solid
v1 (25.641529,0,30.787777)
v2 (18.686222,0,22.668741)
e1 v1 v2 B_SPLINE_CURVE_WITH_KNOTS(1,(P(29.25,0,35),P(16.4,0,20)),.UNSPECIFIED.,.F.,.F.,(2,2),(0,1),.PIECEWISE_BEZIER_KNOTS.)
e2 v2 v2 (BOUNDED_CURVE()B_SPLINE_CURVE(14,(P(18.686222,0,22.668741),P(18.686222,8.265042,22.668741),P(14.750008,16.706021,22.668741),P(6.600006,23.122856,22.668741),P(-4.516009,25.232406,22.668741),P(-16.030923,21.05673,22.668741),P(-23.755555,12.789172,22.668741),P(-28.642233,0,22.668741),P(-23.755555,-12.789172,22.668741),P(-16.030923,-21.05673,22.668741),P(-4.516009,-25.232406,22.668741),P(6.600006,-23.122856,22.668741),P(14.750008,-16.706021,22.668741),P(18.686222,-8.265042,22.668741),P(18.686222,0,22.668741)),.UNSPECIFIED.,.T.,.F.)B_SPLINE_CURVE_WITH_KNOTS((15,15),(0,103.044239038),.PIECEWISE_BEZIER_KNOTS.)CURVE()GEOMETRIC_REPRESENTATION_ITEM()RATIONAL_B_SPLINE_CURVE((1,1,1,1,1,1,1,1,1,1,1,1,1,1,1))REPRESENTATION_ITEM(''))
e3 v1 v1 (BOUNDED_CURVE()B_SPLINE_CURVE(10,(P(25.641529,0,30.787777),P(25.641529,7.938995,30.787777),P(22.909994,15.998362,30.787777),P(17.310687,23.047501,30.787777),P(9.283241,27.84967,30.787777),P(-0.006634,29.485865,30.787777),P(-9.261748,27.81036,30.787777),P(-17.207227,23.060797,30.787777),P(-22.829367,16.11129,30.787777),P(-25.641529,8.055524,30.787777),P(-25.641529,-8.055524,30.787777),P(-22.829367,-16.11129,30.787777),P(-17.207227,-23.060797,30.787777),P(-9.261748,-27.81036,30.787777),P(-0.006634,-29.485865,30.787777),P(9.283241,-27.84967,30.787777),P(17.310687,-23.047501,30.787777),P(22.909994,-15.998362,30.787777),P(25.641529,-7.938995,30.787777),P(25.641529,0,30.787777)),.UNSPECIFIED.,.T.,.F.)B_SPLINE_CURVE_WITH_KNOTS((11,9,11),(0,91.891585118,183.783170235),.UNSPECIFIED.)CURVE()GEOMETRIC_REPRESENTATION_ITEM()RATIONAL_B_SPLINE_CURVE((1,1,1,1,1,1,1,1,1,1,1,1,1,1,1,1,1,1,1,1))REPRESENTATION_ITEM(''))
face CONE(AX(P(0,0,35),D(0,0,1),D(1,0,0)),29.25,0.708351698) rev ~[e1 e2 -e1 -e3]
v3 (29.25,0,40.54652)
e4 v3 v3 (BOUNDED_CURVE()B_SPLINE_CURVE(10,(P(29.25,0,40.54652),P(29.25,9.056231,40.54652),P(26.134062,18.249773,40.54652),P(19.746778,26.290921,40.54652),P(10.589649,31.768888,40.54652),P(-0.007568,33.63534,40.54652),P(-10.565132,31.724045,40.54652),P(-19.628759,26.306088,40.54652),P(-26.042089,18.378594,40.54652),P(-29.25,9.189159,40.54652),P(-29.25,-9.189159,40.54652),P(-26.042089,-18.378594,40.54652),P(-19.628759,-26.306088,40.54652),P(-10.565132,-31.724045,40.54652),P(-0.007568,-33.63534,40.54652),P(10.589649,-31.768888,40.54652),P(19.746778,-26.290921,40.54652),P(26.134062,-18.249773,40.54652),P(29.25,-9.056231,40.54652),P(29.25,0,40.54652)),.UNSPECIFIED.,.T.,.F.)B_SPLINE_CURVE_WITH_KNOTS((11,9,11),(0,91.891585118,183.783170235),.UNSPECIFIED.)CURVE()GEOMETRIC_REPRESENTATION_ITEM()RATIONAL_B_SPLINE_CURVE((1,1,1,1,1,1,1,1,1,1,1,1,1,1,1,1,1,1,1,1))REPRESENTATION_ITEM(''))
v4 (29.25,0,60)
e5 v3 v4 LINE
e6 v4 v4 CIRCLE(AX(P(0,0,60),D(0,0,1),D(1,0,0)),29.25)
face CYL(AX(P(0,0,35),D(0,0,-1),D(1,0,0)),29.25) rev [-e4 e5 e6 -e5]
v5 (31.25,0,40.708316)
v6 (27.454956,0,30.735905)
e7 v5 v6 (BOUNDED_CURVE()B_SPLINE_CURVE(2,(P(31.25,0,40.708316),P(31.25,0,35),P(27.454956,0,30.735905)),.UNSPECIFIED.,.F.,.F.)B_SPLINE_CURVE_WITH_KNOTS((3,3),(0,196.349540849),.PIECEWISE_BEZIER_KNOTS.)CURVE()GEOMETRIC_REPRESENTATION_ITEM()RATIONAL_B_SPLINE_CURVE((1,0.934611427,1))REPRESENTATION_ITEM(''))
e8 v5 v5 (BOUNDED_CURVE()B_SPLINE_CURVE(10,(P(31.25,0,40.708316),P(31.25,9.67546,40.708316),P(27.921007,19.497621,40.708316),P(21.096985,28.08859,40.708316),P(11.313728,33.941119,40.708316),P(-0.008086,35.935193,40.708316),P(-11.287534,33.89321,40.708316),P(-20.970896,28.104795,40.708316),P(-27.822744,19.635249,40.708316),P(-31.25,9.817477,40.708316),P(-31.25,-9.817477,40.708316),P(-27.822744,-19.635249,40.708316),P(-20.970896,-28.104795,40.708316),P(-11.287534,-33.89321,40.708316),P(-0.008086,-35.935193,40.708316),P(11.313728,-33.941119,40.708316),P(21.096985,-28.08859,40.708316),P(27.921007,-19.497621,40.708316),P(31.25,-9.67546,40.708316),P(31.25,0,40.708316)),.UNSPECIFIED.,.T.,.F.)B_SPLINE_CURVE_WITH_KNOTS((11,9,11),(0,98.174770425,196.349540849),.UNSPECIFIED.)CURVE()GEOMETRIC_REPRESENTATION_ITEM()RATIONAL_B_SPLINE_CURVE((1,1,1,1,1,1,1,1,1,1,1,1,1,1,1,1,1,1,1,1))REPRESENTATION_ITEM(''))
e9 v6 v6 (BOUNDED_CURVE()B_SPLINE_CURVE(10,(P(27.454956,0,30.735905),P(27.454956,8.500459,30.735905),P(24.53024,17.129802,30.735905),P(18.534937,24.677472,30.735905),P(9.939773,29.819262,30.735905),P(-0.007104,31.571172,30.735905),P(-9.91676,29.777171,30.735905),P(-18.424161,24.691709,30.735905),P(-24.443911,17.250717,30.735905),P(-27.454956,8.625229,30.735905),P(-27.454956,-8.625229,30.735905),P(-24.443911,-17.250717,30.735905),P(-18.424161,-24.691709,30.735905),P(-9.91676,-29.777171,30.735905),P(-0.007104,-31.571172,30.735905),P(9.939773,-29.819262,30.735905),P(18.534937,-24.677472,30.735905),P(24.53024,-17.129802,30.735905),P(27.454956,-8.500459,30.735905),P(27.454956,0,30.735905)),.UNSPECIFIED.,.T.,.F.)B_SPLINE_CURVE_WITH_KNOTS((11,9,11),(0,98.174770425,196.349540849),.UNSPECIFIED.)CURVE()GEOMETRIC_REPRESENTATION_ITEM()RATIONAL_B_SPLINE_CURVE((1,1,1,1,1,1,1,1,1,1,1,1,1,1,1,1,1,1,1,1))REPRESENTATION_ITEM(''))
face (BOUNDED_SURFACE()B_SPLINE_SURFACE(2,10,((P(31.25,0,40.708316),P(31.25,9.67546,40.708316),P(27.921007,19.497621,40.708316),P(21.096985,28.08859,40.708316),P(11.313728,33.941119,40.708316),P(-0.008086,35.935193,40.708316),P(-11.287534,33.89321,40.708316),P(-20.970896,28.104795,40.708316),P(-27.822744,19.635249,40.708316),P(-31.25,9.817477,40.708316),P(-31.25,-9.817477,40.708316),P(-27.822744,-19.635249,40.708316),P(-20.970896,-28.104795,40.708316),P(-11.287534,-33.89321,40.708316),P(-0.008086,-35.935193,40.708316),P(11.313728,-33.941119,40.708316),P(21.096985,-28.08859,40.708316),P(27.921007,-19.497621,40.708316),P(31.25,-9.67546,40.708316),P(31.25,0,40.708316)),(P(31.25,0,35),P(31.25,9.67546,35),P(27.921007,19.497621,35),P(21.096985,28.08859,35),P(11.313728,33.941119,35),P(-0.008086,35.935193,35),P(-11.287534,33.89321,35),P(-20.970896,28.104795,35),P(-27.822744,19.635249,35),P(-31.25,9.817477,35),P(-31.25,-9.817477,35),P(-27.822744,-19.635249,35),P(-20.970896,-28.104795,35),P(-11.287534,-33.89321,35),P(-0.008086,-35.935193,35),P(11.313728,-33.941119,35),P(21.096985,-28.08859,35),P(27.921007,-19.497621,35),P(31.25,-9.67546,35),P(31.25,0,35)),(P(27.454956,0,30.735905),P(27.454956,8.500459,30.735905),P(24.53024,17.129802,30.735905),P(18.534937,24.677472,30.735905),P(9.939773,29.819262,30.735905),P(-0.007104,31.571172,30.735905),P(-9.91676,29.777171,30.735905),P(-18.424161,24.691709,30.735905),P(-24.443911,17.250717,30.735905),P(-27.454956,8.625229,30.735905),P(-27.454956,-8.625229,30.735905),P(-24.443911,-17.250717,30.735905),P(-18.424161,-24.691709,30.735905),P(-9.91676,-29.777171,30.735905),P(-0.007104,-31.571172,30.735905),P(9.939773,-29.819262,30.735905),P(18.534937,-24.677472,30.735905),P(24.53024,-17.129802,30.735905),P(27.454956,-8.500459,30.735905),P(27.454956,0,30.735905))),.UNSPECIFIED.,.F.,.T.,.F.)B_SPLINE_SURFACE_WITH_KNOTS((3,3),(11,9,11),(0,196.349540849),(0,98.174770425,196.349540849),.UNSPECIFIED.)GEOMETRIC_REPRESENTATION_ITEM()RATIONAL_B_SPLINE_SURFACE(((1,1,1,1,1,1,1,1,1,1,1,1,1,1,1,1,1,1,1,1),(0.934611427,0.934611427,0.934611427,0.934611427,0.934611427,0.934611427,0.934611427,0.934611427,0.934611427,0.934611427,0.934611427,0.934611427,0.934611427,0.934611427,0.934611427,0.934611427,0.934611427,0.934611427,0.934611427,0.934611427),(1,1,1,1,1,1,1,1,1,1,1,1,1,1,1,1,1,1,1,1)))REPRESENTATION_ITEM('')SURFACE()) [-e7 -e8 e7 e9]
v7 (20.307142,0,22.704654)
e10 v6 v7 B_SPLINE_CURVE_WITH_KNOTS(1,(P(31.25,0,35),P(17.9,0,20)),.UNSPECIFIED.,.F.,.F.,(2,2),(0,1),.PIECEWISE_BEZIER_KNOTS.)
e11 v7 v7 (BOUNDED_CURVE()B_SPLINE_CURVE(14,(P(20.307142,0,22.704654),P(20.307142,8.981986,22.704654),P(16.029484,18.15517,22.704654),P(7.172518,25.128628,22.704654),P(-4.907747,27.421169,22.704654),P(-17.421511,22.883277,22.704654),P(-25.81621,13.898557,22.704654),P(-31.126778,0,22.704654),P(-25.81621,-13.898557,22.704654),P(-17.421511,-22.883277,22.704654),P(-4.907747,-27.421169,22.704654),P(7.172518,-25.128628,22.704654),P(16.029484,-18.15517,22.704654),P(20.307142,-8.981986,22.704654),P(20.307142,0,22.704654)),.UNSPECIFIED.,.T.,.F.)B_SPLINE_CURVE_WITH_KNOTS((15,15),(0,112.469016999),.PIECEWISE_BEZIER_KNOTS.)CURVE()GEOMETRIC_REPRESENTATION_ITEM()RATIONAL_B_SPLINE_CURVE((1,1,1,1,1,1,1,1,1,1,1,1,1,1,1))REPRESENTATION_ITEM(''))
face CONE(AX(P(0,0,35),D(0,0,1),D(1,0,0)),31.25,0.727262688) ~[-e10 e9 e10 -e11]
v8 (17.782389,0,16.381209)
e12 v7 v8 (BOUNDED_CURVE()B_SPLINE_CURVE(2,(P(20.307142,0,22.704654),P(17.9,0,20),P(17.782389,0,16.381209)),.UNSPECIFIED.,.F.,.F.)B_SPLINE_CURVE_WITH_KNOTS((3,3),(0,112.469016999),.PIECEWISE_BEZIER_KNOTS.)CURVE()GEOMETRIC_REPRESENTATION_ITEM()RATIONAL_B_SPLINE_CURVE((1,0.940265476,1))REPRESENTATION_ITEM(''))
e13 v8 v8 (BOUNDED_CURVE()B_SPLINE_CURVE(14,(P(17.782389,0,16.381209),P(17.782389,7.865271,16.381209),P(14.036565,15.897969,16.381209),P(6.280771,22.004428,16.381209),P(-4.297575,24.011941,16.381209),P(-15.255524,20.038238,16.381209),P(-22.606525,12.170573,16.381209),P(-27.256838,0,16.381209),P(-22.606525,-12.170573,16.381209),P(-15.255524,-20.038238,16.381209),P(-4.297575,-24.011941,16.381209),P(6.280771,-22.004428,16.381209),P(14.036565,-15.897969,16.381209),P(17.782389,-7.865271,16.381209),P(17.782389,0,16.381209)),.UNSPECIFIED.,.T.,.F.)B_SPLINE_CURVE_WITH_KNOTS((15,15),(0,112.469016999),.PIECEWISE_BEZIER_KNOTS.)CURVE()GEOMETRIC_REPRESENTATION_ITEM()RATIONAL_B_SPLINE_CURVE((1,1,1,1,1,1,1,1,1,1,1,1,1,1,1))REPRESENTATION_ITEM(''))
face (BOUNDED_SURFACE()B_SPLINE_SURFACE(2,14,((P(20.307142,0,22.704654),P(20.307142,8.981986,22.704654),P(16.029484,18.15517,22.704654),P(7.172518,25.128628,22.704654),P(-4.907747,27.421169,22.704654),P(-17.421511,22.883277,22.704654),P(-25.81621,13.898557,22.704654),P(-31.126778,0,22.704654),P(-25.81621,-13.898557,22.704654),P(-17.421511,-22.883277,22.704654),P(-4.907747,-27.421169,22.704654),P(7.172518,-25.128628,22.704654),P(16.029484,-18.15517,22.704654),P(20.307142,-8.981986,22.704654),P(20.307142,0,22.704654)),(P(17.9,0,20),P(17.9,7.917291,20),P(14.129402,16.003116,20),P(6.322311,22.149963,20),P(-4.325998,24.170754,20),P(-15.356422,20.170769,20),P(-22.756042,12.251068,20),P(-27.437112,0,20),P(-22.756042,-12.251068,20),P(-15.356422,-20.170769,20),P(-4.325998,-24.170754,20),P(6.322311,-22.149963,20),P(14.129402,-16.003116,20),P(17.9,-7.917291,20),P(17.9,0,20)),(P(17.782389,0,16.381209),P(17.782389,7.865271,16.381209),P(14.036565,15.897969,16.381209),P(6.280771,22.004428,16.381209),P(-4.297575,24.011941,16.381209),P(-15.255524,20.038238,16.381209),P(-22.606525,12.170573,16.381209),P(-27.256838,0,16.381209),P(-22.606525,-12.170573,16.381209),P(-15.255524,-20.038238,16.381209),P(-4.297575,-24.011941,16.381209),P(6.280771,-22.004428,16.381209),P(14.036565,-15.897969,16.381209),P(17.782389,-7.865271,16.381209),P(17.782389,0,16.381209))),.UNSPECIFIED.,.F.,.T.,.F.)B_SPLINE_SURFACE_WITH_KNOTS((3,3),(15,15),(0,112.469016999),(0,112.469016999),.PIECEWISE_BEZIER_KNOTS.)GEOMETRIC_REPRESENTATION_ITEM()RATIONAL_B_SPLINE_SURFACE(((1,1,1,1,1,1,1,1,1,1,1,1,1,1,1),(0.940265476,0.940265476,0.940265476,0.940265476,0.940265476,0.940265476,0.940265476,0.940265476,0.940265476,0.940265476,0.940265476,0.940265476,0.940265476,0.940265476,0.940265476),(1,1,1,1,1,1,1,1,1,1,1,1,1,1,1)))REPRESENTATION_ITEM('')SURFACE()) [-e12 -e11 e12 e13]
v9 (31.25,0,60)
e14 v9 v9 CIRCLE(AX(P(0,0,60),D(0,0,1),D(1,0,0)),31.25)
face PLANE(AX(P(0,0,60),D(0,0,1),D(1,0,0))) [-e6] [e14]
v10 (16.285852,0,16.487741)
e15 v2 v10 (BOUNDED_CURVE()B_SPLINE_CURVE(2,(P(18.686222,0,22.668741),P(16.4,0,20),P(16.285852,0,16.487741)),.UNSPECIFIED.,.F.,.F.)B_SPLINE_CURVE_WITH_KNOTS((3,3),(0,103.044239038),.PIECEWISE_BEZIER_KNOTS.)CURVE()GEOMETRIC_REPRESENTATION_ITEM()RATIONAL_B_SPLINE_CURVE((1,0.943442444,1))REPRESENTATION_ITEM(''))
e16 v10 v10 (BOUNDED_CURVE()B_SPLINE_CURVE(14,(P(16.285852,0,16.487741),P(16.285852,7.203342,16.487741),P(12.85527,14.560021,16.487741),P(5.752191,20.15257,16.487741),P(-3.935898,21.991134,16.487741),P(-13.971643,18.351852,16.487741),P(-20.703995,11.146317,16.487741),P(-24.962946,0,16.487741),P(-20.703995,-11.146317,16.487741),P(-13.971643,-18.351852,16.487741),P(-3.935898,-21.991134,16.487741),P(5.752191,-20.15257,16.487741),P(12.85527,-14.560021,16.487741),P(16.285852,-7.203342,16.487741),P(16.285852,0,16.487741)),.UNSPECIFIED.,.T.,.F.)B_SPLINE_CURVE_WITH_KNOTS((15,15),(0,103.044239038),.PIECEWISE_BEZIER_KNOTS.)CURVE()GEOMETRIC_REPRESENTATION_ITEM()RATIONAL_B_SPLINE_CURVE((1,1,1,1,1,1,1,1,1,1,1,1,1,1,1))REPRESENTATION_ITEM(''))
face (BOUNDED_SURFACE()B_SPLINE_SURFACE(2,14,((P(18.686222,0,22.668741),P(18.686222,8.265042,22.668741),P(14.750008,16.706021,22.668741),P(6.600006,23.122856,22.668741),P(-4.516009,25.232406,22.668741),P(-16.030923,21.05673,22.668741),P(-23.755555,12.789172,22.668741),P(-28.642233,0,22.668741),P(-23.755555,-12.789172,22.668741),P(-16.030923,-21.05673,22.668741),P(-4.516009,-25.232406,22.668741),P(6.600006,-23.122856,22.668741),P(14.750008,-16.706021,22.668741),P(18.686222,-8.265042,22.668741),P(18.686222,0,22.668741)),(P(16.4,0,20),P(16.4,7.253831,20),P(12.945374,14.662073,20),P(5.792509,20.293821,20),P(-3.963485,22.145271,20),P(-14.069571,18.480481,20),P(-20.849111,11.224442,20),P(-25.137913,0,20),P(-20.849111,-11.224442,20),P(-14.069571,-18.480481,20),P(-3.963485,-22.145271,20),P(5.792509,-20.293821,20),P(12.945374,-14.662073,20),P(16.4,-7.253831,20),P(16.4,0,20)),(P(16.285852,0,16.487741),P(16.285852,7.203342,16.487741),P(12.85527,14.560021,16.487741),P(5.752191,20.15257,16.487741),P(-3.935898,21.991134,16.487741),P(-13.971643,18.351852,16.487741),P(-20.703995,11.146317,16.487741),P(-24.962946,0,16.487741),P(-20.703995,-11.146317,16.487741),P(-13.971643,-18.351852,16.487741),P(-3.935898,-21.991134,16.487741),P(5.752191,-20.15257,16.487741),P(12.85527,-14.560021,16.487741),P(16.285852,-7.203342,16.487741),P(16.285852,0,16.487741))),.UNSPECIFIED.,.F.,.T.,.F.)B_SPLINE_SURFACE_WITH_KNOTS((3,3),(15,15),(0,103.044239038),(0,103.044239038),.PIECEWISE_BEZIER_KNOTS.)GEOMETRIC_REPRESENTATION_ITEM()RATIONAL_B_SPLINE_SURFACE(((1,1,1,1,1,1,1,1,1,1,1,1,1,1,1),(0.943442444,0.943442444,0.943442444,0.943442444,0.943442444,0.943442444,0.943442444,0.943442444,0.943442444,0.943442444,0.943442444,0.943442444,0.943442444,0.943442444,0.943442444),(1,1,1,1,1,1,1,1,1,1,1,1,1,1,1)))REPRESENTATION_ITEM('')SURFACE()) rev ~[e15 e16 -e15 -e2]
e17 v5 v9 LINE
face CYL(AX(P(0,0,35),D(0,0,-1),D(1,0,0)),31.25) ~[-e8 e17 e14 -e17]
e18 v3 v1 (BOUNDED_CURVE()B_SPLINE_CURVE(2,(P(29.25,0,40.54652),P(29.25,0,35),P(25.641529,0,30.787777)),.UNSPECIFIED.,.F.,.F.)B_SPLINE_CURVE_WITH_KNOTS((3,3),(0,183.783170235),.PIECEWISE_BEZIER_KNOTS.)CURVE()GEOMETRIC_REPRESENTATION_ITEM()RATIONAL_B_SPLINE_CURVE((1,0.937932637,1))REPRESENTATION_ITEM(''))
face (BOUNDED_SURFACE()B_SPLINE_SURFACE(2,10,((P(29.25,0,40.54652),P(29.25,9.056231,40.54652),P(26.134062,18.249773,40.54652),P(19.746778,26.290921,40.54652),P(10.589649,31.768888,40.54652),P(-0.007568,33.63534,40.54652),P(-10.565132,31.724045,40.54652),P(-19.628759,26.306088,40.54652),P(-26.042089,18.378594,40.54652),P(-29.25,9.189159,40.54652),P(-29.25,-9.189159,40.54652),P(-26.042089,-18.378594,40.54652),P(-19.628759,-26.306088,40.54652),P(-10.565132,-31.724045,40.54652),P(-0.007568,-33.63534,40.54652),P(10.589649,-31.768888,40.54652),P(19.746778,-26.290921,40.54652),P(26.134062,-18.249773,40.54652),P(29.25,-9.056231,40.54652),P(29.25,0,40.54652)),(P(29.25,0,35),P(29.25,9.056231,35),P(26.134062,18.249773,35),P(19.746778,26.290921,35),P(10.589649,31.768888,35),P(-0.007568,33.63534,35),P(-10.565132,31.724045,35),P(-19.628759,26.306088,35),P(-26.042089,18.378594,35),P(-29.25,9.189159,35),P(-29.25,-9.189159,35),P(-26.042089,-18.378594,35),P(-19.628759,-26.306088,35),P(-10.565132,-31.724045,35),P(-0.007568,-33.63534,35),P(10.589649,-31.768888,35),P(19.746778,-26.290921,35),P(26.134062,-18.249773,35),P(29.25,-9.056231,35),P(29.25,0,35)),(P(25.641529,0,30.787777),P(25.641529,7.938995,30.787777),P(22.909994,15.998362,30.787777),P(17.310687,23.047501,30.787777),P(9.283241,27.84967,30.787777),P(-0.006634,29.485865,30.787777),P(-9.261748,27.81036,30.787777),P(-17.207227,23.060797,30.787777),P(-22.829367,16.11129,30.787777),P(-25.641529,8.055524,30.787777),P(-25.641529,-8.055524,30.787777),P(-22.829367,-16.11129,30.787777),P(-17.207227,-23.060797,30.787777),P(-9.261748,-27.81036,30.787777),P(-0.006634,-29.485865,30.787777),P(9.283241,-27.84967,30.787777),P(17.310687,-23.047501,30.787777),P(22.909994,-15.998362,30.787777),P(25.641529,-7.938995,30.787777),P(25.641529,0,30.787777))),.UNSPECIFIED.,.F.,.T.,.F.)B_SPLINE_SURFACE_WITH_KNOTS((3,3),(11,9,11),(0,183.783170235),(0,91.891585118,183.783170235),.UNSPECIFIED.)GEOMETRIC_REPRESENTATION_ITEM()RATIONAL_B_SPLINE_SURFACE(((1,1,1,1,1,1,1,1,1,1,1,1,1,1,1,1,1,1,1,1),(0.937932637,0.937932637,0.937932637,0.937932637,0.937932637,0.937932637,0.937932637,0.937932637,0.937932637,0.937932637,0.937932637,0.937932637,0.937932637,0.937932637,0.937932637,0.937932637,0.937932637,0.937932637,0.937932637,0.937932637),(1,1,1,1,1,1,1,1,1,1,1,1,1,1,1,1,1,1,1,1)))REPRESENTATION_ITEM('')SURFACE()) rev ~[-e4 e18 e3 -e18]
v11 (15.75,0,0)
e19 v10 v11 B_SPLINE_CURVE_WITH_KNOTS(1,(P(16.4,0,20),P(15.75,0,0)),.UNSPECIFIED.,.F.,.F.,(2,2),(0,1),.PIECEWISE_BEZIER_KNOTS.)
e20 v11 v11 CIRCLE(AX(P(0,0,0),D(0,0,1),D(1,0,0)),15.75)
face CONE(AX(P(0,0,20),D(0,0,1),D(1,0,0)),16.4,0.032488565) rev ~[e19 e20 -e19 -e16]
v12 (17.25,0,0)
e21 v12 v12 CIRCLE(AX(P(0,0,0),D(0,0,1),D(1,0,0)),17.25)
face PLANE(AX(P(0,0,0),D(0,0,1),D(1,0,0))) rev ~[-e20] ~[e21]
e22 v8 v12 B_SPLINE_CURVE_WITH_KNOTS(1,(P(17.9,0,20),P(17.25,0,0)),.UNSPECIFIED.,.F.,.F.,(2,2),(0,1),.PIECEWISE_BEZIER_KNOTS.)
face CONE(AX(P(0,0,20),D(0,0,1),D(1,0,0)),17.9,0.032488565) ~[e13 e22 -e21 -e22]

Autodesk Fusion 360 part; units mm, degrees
sketch "Sketch1" plane through (0, 0, 0) normal (0, 0, 1) x (1, 0, 0)
  circle A0 centre (0, 0) radius 17.25
  circle A1 centre (0, 0) radius 15.75
  dimension "d1" = 34.5
  dimension "d4" = -1.5
ref_plane "WorkPlane1" through (0, 0, 20) normal (0, 0, 1) x (1, 0, 0)
sketch "Sketch2" plane through (0, 0, 20) normal (0, 0, 1) x (1, 0, 0)
  circle A0 centre (0, 0) radius 17.9
  circle A1 centre (0, 0) radius 16.4
  dimension "d3" = 35.8
  dimension "d5" = -1.5
ref_plane "WorkPlane2" through (0, 0, 35) normal (0, 0, 1) x (1, 0, 0)
sketch "Sketch3" plane through (0, 0, 35) normal (0, 0, 1) x (1, 0, 0)
  circle A0 centre (0, 0) radius 29.25
  circle A1 centre (0, 0) radius 31.25
  dimension "d7" = 58.5
  dimension "d8" = 2
loft "Loft1" add profiles "Sketch3", "Sketch2" section 1 section 2
loft "Loft2" cut profiles "Sketch3", "Sketch2" section 1 contours A0 section 2 contours A1
loft "Loft3" add profiles "Sketch2", "Sketch1" section 1 section 2
loft "Loft4" cut profiles "Sketch1", "Sketch2" section 1 contours A1 section 2 contours A1
extrude "Extrude1" add sketch "Sketch3" along normal blind 25
fillet "Fillet1" radius 15 2 edges at (-27.2706, 10.5773, 35) (-29.1352, 11.3005, 35)
fillet "Fillet2" radius 10 2 edges at (-16.6887, -6.4729, 20) (-15.2902, -5.9305, 20)
equation "d5 = d4"
